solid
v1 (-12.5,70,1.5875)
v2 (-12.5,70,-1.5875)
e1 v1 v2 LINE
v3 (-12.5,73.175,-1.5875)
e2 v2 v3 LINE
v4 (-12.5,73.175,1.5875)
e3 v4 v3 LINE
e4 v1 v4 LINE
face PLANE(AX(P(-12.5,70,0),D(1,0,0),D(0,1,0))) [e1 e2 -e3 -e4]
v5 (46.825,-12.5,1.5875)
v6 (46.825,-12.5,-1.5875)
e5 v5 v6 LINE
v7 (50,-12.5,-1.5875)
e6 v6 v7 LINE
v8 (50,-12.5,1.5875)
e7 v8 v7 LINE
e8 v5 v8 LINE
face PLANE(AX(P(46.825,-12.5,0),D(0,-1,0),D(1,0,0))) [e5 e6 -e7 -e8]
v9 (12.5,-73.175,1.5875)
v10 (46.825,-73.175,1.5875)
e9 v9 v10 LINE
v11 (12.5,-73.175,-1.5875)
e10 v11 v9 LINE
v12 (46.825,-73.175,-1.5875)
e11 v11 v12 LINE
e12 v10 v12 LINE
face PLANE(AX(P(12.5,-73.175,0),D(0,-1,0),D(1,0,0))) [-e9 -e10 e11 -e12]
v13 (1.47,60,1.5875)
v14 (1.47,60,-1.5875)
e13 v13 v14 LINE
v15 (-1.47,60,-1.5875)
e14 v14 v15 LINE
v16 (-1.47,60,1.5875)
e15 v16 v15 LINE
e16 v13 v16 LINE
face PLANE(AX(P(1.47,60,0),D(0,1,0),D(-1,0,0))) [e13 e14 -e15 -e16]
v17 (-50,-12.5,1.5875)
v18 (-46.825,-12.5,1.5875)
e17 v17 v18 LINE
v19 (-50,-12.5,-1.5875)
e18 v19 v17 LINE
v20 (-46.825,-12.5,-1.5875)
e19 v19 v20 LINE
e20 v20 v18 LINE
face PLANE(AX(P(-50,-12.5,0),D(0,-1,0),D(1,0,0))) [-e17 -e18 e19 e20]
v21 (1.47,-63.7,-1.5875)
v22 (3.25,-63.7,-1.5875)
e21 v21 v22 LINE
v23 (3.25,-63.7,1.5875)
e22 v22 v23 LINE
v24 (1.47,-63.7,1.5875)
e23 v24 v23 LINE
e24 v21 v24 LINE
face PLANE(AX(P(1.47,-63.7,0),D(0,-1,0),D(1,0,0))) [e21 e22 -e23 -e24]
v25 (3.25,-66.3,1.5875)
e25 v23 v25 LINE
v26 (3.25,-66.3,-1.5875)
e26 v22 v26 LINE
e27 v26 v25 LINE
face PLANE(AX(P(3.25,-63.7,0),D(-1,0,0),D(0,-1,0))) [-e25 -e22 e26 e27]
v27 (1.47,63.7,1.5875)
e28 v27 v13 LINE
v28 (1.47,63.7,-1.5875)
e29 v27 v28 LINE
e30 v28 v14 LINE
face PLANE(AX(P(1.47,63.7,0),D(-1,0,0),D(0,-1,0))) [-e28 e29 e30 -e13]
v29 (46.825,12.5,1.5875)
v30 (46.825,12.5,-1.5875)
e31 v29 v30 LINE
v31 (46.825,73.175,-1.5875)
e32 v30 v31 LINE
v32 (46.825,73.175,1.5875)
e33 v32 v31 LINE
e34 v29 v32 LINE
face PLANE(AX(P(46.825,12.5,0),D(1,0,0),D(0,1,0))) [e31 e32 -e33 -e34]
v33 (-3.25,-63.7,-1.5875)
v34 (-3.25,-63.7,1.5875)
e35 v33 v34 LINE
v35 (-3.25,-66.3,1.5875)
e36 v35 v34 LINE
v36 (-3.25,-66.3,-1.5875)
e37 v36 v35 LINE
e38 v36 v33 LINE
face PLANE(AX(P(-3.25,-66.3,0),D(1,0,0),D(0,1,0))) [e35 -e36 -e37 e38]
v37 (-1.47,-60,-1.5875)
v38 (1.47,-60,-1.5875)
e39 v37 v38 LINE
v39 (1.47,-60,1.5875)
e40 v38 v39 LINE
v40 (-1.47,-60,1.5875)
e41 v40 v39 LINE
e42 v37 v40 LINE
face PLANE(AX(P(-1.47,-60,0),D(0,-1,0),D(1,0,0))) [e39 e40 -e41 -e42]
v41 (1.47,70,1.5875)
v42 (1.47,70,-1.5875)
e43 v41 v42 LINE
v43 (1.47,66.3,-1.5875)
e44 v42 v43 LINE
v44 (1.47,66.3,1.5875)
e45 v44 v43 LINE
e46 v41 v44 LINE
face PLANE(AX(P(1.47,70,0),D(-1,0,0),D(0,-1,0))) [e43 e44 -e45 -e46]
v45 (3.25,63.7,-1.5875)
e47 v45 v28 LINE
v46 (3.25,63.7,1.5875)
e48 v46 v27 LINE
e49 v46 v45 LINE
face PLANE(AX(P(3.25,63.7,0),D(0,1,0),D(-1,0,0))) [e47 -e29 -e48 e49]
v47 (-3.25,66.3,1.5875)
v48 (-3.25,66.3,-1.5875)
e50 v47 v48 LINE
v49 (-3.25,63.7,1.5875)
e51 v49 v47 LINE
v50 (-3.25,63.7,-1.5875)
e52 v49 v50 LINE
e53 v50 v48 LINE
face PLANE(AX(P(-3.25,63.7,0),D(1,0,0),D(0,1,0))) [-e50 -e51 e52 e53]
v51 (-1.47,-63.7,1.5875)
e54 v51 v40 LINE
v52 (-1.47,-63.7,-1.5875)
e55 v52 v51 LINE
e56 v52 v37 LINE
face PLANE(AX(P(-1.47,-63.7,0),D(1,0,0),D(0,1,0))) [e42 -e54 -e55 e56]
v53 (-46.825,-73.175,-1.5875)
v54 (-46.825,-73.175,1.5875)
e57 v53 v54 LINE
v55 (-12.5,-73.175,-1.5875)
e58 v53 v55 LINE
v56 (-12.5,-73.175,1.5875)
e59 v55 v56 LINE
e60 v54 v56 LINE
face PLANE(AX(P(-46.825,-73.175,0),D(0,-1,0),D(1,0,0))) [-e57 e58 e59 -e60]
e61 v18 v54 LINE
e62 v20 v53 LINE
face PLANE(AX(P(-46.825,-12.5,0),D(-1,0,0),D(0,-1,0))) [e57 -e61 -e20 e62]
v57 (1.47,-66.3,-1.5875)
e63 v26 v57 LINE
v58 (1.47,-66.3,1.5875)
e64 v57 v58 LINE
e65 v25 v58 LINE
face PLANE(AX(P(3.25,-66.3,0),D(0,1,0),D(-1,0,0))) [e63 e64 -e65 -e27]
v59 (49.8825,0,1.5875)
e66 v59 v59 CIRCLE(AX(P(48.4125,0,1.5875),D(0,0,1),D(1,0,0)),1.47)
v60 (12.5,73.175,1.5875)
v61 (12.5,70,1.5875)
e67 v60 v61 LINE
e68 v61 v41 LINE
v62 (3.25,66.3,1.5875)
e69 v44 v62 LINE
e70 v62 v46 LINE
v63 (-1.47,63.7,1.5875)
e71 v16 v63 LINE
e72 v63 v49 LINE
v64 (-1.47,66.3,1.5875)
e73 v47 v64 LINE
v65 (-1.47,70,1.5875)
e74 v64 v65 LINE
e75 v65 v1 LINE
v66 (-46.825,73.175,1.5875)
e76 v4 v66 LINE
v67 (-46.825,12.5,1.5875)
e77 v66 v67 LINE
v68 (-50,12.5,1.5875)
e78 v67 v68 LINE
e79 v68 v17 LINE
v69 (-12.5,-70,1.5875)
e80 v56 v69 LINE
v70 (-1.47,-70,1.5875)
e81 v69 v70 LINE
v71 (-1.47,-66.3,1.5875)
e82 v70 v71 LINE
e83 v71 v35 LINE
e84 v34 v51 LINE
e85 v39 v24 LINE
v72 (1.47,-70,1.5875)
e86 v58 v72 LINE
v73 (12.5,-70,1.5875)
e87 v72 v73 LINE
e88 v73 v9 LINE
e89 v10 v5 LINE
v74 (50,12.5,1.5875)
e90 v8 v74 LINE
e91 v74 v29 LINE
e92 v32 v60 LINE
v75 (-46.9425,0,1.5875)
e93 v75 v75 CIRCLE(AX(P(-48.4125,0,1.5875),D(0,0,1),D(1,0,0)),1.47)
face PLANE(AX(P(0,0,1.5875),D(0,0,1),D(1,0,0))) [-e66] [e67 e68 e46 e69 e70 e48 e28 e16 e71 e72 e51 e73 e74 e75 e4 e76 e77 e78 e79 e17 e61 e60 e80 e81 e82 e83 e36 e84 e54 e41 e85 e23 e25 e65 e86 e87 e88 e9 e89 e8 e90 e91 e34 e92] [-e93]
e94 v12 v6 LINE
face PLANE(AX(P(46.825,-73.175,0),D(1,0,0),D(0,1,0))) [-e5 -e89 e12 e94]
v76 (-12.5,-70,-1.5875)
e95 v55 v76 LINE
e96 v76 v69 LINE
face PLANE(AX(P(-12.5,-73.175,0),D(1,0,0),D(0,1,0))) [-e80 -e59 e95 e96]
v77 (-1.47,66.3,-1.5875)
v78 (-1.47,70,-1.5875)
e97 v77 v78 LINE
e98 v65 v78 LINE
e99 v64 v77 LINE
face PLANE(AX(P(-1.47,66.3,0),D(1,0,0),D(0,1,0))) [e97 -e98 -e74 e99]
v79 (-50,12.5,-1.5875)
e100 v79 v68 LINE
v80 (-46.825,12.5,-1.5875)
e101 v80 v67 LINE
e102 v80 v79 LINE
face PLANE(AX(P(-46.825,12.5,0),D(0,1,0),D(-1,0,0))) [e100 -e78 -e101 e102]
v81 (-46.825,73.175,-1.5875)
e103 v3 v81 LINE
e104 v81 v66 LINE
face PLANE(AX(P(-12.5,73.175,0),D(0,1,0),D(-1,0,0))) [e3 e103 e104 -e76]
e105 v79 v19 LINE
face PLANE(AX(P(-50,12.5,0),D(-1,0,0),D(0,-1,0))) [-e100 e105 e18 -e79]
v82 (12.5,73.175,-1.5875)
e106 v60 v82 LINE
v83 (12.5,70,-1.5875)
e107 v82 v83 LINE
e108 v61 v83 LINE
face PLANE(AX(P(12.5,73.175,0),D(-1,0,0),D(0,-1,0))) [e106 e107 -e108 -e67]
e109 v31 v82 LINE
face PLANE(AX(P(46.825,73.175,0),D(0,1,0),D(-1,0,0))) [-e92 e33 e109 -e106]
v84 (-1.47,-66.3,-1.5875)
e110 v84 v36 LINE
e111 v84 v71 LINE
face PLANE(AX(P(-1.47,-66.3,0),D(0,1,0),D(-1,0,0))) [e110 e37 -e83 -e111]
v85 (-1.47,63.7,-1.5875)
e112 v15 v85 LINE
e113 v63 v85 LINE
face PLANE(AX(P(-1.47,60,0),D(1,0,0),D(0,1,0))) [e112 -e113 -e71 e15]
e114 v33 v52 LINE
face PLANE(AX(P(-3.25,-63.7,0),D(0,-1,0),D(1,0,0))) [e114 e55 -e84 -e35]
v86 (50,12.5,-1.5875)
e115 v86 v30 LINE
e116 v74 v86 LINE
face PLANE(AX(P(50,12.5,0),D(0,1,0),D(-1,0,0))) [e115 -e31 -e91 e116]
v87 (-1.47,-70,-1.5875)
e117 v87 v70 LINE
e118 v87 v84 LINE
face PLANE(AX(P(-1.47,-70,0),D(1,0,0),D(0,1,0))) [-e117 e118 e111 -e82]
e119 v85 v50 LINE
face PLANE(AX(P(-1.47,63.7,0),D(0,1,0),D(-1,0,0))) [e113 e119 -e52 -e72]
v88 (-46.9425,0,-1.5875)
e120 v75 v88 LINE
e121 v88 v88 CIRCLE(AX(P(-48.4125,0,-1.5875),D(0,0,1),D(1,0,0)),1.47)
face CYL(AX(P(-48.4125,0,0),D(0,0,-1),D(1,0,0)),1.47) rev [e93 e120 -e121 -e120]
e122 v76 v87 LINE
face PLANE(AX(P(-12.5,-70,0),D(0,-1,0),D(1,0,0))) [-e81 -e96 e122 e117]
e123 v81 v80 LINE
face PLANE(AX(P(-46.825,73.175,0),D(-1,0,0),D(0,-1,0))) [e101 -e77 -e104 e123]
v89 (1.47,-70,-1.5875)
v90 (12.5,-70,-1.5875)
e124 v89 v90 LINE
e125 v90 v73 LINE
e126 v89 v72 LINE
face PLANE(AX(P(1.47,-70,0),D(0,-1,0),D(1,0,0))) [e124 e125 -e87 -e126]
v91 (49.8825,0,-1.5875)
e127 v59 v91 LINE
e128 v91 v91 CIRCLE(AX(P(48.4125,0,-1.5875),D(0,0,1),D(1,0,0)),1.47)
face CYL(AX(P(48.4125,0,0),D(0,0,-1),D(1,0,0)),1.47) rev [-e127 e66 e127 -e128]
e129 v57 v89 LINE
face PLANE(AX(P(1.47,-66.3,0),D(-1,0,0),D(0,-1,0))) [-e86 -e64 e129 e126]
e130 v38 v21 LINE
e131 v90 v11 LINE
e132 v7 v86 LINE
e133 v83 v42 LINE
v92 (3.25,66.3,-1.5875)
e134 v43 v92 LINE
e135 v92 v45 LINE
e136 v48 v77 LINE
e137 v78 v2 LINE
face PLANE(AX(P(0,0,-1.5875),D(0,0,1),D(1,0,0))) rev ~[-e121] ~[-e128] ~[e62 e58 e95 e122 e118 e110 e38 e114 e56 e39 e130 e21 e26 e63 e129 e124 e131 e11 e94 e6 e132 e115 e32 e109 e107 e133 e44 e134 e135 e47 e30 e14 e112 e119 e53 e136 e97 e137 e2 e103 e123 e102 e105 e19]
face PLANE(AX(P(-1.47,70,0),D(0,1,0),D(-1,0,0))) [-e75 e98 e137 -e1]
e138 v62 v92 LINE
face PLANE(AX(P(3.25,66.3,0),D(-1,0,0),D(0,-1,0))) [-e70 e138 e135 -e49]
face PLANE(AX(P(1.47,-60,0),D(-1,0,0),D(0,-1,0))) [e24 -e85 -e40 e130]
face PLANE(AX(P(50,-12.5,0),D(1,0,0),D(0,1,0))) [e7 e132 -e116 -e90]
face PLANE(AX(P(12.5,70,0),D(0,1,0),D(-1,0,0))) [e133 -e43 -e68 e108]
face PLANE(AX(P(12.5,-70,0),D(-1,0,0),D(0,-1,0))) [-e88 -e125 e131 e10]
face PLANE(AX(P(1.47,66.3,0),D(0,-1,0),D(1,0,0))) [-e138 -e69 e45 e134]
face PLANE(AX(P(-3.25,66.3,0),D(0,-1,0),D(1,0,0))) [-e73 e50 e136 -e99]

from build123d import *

# Parameters (mm, degrees)
SKETCH1_R           = 1.47
BOSS_EXTRUDE1_DEPTH = 1.5875


with BuildPart() as part:
    # Sketch1 → Boss-Extrude1 (new body, symmetric)
    with BuildSketch(Plane.XY):
        Polygon((-12.5, 73.175), (-46.825, 73.175), (-46.825, 12.5), (-50, 12.5), (-50, -12.5), (-46.825, -12.5), (-46.825, -73.175), (-12.5, -73.175), (-12.5, -70), (-1.47, -70), (-1.47, -66.3), (-3.25, -66.3), (-3.25, -63.7), (-1.47, -63.7), (-1.47, -60), (1.47, -60), (1.47, -63.7), (3.25, -63.7), (3.25, -66.3), (1.47, -66.3), (1.47, -70), (12.5, -70), (12.5, -73.175), (46.825, -73.175), (46.825, -12.5), (50, -12.5), (50, 12.5), (46.825, 12.5), (46.825, 73.175), (12.5, 73.175), (12.5, 70), (1.47, 70), (1.47, 66.3), (3.25, 66.3), (3.25, 63.7), (1.47, 63.7), (1.47, 60), (-1.47, 60), (-1.47, 63.7), (-3.25, 63.7), (-3.25, 66.3), (-1.47, 66.3), (-1.47, 70), (-12.5, 70), align=None)
        with Locations((-48.4125, 0)):
            Circle(SKETCH1_R, mode=Mode.SUBTRACT)
        with Locations((48.4125, 0)):
            Circle(SKETCH1_R, mode=Mode.SUBTRACT)
    extrude(amount=BOSS_EXTRUDE1_DEPTH, both=True)


solid = part.part
